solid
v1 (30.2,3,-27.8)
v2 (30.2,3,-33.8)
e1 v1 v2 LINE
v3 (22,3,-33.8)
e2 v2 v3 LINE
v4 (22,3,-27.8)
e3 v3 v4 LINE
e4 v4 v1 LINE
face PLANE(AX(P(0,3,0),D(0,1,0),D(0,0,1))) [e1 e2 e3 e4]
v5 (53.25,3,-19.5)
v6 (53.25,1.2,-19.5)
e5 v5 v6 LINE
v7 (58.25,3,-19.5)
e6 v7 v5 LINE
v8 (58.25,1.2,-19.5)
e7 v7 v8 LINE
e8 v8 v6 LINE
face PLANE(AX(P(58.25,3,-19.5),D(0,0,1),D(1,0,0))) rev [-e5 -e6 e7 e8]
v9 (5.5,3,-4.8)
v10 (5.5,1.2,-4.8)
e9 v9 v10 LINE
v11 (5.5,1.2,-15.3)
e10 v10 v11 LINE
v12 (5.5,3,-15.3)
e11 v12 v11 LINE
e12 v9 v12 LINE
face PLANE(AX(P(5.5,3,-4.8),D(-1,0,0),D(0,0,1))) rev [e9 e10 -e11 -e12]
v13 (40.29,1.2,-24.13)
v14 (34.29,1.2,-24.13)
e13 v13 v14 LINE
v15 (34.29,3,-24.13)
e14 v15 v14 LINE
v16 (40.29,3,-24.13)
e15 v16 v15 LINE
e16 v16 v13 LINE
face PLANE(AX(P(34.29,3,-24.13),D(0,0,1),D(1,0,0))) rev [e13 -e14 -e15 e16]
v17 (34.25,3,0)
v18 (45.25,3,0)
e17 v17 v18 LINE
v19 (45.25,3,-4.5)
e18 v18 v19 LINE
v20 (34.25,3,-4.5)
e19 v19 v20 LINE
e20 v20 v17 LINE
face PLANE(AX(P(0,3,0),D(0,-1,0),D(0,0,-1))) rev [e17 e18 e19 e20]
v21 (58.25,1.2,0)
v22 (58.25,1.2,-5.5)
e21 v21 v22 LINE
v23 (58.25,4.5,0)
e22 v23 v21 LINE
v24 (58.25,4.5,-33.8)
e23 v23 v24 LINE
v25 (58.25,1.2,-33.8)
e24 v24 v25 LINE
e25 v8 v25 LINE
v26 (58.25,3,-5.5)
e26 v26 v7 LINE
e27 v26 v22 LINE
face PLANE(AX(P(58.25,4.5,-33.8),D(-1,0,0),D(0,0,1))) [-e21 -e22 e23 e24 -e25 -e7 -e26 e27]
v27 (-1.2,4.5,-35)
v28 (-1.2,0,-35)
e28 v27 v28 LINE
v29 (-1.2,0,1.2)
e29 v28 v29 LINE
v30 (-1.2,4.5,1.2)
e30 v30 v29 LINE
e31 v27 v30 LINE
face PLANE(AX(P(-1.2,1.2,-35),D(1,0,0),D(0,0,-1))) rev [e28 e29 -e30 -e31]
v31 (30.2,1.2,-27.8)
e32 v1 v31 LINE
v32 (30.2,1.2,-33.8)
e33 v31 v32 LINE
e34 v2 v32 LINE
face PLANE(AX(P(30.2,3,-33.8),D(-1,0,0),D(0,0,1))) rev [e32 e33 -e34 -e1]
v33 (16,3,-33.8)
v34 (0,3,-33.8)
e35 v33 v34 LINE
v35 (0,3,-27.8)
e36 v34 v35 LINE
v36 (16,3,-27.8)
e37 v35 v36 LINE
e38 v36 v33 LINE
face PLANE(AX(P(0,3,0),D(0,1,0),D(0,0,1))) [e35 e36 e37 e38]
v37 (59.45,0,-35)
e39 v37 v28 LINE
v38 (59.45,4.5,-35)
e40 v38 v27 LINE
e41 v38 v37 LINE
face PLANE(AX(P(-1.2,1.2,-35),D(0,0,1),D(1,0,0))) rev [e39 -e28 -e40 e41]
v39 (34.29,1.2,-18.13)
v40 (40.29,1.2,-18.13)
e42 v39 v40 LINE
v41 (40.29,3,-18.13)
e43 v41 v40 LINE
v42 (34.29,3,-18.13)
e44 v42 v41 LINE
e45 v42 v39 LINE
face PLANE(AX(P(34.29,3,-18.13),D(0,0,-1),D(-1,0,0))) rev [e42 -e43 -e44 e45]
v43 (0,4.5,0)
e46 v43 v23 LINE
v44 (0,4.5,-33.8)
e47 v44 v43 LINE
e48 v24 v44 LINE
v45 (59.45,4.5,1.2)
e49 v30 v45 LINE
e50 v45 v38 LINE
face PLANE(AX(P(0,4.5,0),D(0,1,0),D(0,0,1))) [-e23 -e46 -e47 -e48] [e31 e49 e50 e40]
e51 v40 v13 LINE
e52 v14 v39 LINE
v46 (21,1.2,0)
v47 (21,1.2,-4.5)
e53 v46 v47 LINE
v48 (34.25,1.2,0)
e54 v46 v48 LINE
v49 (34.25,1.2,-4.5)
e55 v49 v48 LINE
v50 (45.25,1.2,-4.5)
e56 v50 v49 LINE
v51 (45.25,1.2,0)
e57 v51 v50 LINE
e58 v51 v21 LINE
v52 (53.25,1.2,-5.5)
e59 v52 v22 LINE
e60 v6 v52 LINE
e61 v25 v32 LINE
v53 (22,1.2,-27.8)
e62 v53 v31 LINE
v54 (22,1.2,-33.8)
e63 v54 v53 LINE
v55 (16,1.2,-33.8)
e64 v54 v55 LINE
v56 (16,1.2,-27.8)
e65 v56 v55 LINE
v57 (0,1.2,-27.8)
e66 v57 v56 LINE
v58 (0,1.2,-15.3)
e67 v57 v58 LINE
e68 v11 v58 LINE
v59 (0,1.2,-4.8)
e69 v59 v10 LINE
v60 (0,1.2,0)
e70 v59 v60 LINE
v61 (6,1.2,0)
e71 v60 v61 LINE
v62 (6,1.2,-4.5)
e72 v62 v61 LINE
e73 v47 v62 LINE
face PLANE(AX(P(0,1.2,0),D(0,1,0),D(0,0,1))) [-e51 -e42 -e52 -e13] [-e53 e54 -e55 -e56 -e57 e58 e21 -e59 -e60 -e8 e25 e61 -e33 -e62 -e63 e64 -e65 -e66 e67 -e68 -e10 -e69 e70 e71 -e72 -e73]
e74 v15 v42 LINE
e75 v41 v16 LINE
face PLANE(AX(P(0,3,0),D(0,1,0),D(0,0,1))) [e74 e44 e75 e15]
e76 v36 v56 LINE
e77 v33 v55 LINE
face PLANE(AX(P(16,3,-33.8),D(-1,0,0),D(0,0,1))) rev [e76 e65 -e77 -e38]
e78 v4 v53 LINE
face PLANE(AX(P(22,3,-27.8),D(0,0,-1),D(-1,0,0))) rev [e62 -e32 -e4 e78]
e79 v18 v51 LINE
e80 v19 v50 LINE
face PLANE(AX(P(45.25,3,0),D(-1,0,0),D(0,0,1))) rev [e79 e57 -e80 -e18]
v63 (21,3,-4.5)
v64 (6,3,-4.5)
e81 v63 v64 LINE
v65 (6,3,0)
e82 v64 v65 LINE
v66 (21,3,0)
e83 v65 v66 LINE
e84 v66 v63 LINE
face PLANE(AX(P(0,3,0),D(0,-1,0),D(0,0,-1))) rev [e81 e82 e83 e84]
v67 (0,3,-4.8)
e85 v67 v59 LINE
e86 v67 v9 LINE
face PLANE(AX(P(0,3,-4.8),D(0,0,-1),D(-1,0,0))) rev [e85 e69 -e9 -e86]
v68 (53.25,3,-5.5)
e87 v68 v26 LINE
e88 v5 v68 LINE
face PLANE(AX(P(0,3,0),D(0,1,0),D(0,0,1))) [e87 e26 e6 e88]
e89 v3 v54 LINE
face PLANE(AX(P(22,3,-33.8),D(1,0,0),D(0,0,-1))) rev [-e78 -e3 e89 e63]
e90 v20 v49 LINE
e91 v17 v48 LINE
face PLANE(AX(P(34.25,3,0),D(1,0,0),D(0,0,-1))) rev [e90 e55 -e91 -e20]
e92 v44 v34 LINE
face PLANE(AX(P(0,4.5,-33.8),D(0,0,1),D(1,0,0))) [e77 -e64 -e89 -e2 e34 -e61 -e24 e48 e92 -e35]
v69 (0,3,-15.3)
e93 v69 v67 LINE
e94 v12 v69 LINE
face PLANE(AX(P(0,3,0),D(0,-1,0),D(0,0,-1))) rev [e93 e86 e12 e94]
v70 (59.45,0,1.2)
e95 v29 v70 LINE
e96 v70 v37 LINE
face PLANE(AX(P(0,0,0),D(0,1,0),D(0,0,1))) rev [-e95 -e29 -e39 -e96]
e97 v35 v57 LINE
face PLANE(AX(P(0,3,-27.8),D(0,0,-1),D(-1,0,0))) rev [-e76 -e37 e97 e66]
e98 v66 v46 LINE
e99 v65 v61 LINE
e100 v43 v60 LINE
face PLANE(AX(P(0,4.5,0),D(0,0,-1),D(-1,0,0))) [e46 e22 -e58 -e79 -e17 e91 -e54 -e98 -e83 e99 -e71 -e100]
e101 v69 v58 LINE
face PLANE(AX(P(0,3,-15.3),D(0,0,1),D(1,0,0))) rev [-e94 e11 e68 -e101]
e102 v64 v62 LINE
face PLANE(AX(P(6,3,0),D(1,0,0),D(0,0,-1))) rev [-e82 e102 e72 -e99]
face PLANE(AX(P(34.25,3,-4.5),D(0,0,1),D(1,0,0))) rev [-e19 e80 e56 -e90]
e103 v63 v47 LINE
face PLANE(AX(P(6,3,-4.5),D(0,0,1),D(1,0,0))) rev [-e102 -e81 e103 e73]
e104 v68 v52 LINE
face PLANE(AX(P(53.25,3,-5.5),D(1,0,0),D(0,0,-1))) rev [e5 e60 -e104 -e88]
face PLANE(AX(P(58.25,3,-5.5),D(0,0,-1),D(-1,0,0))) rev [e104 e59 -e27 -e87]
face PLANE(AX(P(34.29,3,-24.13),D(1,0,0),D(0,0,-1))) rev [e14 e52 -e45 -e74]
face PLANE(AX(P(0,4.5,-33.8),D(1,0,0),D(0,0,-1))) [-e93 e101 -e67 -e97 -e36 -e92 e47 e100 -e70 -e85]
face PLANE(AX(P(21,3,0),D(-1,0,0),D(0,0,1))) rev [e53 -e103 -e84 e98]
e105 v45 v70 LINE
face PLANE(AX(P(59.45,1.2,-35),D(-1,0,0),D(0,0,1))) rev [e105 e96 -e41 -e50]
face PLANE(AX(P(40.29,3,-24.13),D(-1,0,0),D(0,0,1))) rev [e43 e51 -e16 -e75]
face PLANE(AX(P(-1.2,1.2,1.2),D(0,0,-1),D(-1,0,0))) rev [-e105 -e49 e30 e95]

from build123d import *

# Parameters (mm, degrees)
SKETCH2_W           = 60.65
SKETCH2_H           = 36.2
BOSS_EXTRUDE1_DEPTH = 1.2
SKETCH3_W           = 60.65
SKETCH3_H           = 36.2
SKETCH3_W_2         = 58.25
SKETCH3_H_2         = 33.8
BOSS_EXTRUDE2_DEPTH = 3.3
SKETCH4_W           = 16
SKETCH4_H           = 6
SKETCH4_W_2         = 5.5
SKETCH4_H_2         = 10.5
SKETCH4_W_3         = 11
SKETCH4_H_3         = 4.5
SKETCH4_W_4         = 15
SKETCH4_W_5         = 5
SKETCH4_H_4         = 14
SKETCH4_W_6         = 8.2
SKETCH4_W_7         = 6
BOSS_EXTRUDE3_DEPTH = 1.8


with BuildPart() as part:
    # Sketch2 → Boss-Extrude1 (new body)
    with BuildSketch(Plane(origin=(0, 0, 0), x_dir=(1, 0, 0), z_dir=(0, 1, 0))):
        with Locations((29.125, 16.9)):
            Rectangle(SKETCH2_W, SKETCH2_H)
    extrude(amount=BOSS_EXTRUDE1_DEPTH)

    # Sketch3 → Boss-Extrude2 (add)
    with BuildSketch(Plane(origin=(0, 1.2, 0), x_dir=(1, 0, 0), z_dir=(0, 1, 0))):
        with Locations((29.125, 16.9)):
            Rectangle(SKETCH3_W, SKETCH3_H)
        with Locations((29.125, 16.9)):
            Rectangle(SKETCH3_W_2, SKETCH3_H_2, mode=Mode.SUBTRACT)
    extrude(amount=BOSS_EXTRUDE2_DEPTH)

    # Sketch4 → Boss-Extrude3 (add)
    with BuildSketch(Plane(origin=(0, 1.2, 0), x_dir=(1, 0, 0), z_dir=(0, 1, 0))):
        with Locations((8, 30.8)):
            Rectangle(SKETCH4_W, SKETCH4_H)
        with Locations((2.75, 10.05)):
            Rectangle(SKETCH4_W_2, SKETCH4_H_2)
        with Locations((39.75, 2.25)):
            Rectangle(SKETCH4_W_3, SKETCH4_H_3)
        with Locations((13.5, 2.25)):
            Rectangle(SKETCH4_W_4, SKETCH4_H_3)
        with Locations((55.75, 12.5)):
            Rectangle(SKETCH4_W_5, SKETCH4_H_4)
        with Locations((26.1, 30.8)):
            Rectangle(SKETCH4_W_6, SKETCH4_H)
        with Locations((37.29, 21.13)):
            Rectangle(SKETCH4_W_7, SKETCH4_H)
    extrude(amount=BOSS_EXTRUDE3_DEPTH)


solid = part.part
